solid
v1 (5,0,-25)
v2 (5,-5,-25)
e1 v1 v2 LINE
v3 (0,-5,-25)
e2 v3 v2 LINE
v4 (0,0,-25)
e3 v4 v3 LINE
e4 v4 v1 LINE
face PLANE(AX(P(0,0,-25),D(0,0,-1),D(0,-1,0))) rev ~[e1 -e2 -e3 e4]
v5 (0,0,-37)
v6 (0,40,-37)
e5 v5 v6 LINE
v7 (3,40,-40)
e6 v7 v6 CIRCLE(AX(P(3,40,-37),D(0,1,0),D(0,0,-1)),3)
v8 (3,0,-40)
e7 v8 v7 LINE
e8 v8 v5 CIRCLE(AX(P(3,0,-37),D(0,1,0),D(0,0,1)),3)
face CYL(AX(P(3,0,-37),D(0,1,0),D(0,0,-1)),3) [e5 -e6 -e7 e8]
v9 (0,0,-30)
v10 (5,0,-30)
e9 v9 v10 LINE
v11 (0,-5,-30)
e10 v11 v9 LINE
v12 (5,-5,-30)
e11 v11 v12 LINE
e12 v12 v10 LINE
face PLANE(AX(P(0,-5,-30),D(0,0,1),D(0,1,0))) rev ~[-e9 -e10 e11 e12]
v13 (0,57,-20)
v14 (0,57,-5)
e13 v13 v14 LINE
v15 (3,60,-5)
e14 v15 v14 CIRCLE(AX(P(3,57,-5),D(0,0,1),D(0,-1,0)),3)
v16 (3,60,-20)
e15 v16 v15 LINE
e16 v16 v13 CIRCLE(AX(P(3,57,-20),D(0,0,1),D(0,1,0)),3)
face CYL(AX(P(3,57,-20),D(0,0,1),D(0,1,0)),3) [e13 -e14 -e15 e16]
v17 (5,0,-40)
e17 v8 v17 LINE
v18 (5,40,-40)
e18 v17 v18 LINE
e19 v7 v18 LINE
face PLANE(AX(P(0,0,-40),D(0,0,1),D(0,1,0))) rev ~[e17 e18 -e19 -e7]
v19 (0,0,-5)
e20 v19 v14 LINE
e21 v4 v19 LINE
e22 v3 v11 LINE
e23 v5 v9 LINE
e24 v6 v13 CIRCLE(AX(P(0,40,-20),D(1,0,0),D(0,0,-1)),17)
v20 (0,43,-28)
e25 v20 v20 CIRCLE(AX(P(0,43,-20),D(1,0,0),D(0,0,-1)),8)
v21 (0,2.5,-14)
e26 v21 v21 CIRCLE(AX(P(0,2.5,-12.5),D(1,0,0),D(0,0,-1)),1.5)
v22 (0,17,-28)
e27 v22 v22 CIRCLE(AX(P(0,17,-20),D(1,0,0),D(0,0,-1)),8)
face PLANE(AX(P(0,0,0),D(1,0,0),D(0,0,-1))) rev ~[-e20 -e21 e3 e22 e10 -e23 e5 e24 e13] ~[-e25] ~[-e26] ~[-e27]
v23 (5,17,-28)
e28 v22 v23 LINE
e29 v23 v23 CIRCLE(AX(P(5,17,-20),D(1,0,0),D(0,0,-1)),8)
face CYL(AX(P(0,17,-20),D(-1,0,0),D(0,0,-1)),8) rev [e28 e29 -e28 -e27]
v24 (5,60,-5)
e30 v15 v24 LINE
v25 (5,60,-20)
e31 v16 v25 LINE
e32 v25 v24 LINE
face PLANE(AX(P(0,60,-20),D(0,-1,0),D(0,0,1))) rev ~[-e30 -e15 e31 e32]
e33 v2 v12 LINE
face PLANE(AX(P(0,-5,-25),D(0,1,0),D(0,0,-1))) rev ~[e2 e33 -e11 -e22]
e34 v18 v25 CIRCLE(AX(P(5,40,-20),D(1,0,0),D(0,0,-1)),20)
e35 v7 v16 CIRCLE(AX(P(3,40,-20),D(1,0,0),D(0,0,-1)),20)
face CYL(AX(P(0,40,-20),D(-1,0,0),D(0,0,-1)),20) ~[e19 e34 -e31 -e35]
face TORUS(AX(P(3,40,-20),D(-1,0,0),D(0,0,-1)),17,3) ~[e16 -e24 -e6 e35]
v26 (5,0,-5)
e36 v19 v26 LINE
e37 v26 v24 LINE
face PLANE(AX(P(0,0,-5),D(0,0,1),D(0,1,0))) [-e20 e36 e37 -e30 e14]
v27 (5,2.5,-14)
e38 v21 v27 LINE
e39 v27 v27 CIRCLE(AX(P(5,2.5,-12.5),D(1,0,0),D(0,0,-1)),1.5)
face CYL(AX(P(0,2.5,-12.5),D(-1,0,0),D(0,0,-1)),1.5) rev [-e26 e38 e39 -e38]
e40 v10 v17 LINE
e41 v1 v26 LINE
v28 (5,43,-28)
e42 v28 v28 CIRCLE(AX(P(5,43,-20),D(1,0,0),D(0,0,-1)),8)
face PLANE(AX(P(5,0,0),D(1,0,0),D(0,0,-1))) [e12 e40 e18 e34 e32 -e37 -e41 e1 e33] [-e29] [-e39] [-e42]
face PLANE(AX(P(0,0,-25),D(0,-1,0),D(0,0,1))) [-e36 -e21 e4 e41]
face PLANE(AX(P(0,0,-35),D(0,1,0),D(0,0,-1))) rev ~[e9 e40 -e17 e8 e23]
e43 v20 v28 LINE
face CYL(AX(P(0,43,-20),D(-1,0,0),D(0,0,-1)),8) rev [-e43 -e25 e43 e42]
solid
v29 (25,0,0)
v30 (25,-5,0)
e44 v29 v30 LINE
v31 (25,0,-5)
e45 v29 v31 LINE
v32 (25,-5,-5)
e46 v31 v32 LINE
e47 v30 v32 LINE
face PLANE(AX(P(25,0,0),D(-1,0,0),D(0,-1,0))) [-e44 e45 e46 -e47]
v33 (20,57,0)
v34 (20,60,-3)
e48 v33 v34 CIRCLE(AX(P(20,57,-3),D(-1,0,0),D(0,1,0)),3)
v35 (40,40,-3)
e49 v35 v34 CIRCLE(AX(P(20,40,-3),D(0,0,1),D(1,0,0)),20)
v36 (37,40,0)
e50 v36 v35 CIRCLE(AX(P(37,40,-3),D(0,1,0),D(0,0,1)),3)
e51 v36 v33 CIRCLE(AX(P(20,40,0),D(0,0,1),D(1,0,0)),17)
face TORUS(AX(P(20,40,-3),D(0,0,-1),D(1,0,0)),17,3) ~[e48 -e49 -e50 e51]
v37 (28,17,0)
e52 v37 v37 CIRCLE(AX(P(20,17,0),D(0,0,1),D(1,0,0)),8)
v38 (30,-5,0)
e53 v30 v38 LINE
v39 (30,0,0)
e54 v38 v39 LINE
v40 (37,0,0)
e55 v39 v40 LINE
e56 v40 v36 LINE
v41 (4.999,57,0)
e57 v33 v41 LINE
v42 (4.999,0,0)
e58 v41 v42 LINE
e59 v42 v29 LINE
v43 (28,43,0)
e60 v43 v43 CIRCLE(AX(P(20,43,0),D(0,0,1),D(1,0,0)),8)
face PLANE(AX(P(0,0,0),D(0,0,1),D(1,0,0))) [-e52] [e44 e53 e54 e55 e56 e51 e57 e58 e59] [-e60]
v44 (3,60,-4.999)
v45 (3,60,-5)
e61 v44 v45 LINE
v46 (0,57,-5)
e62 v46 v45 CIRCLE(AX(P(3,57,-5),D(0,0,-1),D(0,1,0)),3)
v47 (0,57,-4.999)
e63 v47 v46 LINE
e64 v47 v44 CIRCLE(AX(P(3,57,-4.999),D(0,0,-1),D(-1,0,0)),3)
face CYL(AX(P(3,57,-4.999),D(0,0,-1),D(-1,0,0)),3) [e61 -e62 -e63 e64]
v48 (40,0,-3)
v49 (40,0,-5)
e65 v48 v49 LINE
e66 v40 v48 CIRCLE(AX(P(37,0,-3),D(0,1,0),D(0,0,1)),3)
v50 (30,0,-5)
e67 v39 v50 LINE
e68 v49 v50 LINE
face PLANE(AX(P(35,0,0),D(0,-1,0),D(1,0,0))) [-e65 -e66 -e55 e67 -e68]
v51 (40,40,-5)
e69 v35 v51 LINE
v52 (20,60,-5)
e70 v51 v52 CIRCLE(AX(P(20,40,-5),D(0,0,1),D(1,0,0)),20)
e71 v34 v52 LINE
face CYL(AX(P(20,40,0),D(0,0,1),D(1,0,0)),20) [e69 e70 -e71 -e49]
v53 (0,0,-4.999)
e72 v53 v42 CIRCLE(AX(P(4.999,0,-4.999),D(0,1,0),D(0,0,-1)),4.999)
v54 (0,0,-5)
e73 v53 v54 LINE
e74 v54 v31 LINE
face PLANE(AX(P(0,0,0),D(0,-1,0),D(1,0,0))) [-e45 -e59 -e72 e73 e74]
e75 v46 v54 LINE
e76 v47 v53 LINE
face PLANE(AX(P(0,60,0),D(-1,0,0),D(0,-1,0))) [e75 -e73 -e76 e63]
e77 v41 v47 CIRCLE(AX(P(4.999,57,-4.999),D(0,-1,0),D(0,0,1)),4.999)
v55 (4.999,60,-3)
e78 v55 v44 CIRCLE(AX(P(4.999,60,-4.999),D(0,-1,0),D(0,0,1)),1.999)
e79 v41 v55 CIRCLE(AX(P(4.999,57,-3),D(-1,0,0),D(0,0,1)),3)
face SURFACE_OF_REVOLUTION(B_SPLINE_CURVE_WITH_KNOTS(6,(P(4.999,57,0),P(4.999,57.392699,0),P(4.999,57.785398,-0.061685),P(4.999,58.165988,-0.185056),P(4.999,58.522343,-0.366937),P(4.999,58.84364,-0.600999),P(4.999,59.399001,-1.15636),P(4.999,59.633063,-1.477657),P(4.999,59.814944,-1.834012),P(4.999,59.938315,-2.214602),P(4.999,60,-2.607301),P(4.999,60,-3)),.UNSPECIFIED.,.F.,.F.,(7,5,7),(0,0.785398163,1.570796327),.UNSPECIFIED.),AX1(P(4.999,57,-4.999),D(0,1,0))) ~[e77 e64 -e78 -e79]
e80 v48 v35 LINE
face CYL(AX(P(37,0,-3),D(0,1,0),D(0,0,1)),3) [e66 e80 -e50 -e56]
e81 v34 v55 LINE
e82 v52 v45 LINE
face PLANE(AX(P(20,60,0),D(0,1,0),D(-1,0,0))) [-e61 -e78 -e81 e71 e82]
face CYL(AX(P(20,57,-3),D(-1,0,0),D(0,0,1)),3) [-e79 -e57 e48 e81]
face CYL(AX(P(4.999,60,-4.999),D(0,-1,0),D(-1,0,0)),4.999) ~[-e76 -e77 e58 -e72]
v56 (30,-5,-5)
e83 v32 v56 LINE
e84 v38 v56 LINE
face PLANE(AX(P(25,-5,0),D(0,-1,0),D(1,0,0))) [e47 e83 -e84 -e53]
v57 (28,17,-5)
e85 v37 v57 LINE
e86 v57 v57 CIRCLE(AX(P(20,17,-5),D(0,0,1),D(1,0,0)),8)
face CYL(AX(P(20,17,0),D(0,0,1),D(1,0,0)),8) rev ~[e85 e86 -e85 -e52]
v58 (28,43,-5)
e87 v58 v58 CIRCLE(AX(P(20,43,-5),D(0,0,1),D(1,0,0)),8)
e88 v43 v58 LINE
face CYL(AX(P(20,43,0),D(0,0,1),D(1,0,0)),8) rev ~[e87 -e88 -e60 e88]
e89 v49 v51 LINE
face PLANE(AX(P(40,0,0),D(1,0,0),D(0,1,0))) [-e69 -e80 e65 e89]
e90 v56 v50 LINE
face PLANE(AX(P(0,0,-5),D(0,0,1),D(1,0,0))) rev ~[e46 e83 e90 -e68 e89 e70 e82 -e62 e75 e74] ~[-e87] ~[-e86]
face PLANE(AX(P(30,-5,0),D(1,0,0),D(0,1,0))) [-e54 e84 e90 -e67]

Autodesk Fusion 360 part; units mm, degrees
sketch "Sketch5" plane through (0, 0, 0) normal (1, 0, 0) x (0, 0, -1)
  line L0 (25, 0) -> (25, -5)
  line L1 (25, -5) -> (30, -5)
  line L2 (30, -5) -> (30, 0)
  line L3 (30, 0) -> (35, 0)
  line L4 (35, 0) -> (40, 0)
  circle A0 centre (12.5, 2.5) radius 1.5
  circle A1 centre (20, 43) radius 8
  circle A2 centre (20, 17) radius 8
  line L5 (40, 0) -> (40, 40)
  line L6 (20, 60) -> (5, 60)
  arc A3 (40, 40) -> (20, 60) centre (20, 40) ccw
  line L7 (5, 0) -> (5, 60)
  line L8 (25, 0) -> (5, 0)
  dimension "d18" = 3
  dimension "d19" = 20
extrude "Extrude6" add sketch "Sketch5" along normal blind 5 makes body 1
sketch "Sketch6" plane through (0, 0, 0) normal (0, 0, 1) x (1, 0, 0)
  line L0 (25, -5) -> (30, -5)
  line L1 (0, 60) -> (0, 0)
  line L2 (30, 0) -> (35, 0)
  arc A0 (40, 40) -> (20, 60) centre (20, 40) ccw
  line L3 (20, 60) -> (0, 60)
  line L4 (35, 0) -> (40, 0)
  circle A1 centre (20, 43) radius 8
  line L5 (0, 0) -> (25, 0)
  line L6 (25, 0) -> (25, -5)
  line L7 (30, -5) -> (30, 0)
  circle A2 centre (20, 17) radius 8
  line L8 (40, 0) -> (40, 40)
  dimension "d21" = 20
extrude "Extrude5" add sketch "Sketch6" against normal blind 5 separate body makes body 2
fillet "Fillet1" radius 5 1 edges at (0, 30, 0) on bodies 2
fillet "Fillet2" radius 3 7 edges at (40, 20, 0) (34.1421, 54.1421, 0) (12.5, 60, 0) (1.4645, 60, -1.4645) (0, 20, -40) (0, 54.1421, -34.1421) (0, 60, -12.5) on bodies 1 2
